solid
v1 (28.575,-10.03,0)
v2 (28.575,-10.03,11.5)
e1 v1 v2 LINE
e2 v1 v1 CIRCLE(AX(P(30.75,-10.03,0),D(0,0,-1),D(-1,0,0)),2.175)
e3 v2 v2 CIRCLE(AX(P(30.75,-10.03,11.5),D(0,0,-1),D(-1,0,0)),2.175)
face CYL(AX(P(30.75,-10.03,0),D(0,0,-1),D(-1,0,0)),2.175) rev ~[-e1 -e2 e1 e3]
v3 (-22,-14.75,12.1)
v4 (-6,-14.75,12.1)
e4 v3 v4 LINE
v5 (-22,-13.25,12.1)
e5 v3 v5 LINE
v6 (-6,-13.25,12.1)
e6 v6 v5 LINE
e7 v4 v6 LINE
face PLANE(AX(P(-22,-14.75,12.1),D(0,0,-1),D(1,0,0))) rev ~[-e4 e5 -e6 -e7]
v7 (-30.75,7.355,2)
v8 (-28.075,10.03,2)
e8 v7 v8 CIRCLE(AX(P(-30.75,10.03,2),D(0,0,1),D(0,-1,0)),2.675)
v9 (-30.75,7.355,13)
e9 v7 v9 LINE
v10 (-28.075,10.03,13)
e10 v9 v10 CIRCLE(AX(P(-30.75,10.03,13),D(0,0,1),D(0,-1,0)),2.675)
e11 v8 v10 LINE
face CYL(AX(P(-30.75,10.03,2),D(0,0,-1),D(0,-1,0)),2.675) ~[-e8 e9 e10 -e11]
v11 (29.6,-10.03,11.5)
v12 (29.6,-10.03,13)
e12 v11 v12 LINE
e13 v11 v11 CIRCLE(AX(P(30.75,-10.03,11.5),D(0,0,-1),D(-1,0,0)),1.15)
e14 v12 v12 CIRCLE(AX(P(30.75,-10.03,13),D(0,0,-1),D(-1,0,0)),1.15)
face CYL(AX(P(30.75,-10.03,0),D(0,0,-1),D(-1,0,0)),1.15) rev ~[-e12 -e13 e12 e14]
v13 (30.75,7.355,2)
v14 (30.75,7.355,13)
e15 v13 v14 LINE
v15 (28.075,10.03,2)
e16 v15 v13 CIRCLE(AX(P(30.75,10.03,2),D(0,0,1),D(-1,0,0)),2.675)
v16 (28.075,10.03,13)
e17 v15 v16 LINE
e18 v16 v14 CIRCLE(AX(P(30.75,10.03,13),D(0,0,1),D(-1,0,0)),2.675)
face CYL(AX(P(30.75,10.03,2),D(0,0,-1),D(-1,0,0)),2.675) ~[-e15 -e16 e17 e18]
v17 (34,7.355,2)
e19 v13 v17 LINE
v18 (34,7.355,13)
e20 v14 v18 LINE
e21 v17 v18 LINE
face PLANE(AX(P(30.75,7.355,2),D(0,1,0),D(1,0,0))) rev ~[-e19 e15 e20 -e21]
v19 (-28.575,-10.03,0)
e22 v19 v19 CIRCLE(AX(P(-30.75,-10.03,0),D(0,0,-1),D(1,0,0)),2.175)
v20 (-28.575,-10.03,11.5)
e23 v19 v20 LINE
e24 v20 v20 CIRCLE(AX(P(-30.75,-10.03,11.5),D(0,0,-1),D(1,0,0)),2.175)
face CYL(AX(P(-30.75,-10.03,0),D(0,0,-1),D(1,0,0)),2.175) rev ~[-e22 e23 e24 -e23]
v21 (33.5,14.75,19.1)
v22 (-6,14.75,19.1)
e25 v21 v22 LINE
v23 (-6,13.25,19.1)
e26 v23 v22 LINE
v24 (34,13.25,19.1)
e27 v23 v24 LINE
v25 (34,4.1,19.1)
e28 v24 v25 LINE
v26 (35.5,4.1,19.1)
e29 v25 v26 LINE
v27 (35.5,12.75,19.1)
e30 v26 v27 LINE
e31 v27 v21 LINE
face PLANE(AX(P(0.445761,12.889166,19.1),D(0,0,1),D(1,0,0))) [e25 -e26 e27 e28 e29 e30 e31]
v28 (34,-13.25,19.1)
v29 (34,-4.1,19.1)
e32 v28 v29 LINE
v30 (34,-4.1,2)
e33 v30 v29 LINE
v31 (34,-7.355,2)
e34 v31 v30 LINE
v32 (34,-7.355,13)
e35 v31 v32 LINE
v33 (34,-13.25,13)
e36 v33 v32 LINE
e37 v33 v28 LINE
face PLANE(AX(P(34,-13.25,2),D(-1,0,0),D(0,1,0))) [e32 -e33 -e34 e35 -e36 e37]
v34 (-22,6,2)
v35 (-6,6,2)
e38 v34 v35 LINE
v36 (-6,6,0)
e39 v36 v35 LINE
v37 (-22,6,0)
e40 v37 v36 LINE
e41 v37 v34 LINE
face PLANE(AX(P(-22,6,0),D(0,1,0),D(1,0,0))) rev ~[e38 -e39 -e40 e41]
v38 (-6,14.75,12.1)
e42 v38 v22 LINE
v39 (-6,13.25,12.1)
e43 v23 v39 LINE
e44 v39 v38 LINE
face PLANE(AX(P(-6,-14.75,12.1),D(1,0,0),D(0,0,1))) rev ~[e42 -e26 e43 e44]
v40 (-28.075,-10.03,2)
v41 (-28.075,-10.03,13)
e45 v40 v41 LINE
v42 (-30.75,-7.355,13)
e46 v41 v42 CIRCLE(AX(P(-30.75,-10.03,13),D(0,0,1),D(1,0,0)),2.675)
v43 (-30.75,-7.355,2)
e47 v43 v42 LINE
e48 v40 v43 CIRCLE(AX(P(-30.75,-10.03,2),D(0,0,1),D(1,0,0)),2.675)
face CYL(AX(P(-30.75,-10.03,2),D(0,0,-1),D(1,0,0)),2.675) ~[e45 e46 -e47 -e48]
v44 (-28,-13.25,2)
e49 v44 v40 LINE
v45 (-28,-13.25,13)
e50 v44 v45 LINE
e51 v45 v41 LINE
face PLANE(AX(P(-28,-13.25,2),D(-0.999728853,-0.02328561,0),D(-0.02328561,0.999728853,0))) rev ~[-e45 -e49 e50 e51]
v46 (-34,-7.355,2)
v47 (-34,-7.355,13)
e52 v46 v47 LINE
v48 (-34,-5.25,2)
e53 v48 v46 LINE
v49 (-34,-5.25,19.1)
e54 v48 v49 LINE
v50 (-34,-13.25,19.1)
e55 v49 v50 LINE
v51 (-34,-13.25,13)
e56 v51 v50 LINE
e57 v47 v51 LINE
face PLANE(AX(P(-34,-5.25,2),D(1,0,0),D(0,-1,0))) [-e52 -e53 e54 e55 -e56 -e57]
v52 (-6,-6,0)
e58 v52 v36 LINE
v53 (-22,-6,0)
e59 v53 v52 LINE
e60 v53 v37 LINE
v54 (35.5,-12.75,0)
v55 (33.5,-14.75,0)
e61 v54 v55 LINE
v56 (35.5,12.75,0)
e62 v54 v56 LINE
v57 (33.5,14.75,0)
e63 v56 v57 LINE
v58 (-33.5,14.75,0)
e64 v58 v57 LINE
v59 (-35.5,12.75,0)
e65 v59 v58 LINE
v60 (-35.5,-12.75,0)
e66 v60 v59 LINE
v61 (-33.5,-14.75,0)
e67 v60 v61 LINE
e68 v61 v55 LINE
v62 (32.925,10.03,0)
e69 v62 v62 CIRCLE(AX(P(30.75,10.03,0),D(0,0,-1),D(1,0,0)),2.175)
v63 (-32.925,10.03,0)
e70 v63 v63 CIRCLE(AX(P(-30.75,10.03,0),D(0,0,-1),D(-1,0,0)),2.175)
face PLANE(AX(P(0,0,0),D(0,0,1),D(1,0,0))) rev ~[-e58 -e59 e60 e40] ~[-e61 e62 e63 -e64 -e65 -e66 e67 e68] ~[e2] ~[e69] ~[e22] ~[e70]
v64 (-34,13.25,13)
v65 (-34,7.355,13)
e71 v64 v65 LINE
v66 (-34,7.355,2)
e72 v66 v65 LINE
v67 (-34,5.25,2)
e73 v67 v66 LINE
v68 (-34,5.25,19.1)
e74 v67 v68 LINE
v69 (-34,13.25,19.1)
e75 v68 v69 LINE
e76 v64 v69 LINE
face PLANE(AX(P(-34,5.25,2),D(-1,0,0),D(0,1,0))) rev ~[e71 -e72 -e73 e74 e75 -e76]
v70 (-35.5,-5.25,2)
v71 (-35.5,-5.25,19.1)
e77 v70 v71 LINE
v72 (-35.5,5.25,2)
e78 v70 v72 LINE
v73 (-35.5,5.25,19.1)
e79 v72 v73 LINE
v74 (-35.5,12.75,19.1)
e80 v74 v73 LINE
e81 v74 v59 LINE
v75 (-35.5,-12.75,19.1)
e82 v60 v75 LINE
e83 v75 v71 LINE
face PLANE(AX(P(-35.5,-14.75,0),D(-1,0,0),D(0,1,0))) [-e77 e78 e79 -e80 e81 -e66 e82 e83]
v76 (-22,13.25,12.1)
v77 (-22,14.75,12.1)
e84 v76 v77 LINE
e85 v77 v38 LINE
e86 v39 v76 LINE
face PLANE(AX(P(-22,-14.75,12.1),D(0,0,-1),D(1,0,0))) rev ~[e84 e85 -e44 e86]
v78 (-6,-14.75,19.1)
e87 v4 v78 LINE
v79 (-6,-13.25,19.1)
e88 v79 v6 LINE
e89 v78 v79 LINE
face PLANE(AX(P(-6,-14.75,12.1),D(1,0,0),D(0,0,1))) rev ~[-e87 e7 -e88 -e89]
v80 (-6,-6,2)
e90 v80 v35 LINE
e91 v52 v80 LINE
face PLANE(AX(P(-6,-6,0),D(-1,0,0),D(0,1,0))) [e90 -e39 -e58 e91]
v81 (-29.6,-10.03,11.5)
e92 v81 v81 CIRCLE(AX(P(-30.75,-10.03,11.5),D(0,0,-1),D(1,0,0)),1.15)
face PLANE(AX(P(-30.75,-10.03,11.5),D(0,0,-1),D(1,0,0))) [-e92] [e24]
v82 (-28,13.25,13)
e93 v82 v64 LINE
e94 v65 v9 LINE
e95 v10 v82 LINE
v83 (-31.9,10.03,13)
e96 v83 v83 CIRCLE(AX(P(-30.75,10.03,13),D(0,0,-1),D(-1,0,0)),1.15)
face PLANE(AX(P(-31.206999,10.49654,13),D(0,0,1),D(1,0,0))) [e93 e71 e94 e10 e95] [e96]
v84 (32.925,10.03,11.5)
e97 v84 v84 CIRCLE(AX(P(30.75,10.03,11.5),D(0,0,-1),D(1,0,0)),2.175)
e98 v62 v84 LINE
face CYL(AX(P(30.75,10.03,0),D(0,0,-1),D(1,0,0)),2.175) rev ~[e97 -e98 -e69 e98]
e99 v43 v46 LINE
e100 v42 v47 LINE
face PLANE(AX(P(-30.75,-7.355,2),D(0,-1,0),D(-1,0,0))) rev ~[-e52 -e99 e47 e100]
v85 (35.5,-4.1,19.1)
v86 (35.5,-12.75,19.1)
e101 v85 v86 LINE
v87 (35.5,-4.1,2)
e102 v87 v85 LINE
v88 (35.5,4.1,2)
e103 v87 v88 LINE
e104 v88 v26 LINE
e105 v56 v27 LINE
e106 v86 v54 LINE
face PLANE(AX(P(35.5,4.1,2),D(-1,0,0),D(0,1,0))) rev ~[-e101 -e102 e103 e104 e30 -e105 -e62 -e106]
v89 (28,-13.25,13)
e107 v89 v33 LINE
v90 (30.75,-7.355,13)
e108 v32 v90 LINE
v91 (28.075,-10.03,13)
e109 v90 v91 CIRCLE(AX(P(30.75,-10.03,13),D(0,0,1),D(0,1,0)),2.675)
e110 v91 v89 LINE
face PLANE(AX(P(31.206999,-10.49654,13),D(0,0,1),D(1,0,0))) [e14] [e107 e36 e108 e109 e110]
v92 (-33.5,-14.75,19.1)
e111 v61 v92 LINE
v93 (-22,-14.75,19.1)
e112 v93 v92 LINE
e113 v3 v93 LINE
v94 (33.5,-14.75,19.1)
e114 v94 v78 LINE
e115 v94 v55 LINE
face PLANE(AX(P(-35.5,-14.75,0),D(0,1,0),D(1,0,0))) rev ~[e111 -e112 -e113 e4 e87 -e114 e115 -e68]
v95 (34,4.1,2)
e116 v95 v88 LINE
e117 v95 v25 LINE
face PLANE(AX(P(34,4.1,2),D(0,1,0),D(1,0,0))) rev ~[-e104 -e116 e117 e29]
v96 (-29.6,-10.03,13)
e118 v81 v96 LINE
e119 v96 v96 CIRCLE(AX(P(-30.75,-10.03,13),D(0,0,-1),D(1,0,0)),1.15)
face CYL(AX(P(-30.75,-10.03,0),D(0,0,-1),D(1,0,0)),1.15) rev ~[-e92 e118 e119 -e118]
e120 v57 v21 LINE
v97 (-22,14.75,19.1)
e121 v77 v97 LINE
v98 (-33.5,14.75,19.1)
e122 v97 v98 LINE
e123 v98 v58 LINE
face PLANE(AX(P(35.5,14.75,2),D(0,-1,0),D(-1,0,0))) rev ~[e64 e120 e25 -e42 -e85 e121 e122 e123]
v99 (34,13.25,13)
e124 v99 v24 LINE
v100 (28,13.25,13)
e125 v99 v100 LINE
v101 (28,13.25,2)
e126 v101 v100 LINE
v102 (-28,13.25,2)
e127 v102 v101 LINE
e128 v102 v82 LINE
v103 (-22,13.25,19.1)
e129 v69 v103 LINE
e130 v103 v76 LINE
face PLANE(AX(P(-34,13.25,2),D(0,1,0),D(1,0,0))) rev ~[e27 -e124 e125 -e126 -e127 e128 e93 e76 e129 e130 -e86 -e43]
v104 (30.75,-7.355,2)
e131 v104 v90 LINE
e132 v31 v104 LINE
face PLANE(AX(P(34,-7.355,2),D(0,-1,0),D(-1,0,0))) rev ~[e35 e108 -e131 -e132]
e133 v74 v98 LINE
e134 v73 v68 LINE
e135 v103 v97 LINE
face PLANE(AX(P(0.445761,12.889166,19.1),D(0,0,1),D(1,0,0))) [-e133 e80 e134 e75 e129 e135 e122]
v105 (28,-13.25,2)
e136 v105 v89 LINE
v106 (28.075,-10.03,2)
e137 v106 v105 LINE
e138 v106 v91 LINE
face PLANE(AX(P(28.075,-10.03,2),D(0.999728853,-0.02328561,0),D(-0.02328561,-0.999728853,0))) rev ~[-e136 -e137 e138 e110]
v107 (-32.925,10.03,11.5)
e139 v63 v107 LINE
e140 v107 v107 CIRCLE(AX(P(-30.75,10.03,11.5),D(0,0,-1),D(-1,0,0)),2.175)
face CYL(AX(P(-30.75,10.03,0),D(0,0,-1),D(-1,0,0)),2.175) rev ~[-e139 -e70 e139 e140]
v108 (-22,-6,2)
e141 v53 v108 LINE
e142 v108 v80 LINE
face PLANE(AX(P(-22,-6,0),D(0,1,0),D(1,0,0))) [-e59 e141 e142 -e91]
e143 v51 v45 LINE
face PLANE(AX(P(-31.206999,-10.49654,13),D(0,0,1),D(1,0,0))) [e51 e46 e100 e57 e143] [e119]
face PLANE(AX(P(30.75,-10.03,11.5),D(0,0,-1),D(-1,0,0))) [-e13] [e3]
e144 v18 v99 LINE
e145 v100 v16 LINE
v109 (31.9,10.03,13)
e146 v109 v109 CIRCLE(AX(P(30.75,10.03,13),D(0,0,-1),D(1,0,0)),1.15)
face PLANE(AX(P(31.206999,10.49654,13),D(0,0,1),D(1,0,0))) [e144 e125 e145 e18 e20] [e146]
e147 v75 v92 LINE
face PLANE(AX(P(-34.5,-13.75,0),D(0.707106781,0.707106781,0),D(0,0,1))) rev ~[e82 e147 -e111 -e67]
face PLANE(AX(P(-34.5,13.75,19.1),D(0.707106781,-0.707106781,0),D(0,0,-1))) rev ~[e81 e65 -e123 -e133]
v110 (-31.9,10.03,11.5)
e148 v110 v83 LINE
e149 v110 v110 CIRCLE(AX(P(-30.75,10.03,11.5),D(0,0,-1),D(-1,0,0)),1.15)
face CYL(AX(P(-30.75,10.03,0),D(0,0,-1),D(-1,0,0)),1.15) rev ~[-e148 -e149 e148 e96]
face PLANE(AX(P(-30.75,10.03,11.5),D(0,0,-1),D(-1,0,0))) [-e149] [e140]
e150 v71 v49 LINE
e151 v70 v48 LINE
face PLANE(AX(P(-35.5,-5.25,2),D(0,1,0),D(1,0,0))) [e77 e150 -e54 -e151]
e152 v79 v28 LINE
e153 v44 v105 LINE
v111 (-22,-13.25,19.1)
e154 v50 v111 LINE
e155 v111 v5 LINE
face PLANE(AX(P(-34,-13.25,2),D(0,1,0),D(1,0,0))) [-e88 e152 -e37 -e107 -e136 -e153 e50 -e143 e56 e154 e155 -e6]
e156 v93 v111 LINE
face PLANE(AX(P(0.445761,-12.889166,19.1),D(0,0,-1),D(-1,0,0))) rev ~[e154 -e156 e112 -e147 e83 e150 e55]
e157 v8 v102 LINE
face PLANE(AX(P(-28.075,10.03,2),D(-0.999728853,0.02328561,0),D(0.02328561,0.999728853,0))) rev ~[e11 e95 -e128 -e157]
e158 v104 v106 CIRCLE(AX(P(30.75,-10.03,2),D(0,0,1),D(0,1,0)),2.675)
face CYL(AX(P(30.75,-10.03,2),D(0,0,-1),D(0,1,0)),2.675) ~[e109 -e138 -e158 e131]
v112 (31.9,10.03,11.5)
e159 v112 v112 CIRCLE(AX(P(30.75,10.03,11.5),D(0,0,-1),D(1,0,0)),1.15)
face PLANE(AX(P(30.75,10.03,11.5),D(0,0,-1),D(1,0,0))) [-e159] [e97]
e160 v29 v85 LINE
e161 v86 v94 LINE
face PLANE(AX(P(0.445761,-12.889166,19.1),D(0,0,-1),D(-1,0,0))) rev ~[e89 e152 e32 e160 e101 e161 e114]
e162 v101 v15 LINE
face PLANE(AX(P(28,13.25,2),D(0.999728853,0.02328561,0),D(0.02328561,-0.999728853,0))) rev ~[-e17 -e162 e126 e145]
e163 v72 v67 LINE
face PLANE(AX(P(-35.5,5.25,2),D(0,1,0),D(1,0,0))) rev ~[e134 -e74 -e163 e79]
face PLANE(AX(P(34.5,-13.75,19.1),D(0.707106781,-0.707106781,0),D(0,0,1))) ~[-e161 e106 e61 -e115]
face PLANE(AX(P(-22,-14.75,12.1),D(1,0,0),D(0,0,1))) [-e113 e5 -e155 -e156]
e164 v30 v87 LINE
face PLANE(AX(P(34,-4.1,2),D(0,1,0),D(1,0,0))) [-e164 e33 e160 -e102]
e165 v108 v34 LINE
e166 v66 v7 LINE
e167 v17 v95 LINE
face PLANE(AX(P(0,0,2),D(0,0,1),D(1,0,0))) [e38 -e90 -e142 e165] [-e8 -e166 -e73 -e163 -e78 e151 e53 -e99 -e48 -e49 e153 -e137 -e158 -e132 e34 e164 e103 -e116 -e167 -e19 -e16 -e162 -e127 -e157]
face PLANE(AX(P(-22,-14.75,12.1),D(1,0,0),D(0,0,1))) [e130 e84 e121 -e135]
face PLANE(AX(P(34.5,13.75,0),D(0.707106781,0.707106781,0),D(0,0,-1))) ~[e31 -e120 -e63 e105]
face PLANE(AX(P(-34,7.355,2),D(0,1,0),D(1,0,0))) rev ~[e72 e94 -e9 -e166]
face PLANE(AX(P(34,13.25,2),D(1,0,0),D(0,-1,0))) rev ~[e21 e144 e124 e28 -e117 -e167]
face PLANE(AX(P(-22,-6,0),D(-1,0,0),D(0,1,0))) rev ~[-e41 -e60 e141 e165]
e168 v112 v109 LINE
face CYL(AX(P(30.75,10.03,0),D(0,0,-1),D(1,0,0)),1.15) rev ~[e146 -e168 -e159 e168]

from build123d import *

# Parameters (mm, degrees)
SKETCH1_W           = 71
SKETCH1_H           = 29.5
SKETCH1_W_2         = 16
SKETCH1_H_2         = 12
BOSS_EXTRUDE2_DEPTH = 2
BOSS_EXTRUDE3_DEPTH = 17.1
SKETCH3_W           = 16
SKETCH3_H           = 7
CUT_EXTRUDE1_DEPTH  = 50.953077983
CHAMFER1_SIZE       = 2
BOSS_EXTRUDE4_DEPTH = 11
SKETCH8_R           = 1.15
CUT_EXTRUDE3_DEPTH  = 43.925778968
SKETCH9_R           = 2.175
CUT_EXTRUDE4_DEPTH  = 11.5


with BuildPart() as part:
    # Sketch1 → Boss-Extrude2 (new body)
    with BuildSketch(Plane.XY):
        Rectangle(SKETCH1_W, SKETCH1_H)
        with Locations((-14, 0)):
            Rectangle(SKETCH1_W_2, SKETCH1_H_2, mode=Mode.SUBTRACT)
    extrude(amount=BOSS_EXTRUDE2_DEPTH)

    # Sketch2 → Boss-Extrude3 (add)
    with BuildSketch(Plane.XY.offset(2)):
        Polygon((34, 13.25), (34, 4.1), (35.5, 4.1), (35.5, 14.75), (-35.5, 14.75), (-35.5, 5.25), (-34, 5.25), (-34, 13.25), align=None)
        Polygon((-34, -13.25), (34, -13.25), (34, -4.1), (35.5, -4.1), (35.5, -14.75), (-35.5, -14.75), (-35.5, -5.25), (-34, -5.25), align=None)
    extrude(amount=BOSS_EXTRUDE3_DEPTH)

    # Sketch3 → Cut-Extrude1 (cut, through all)
    with BuildSketch(Plane.XZ.offset(14.75)):
        with Locations((-14, 15.6)):
            Rectangle(SKETCH3_W, SKETCH3_H)
    extrude(amount=-CUT_EXTRUDE1_DEPTH, mode=Mode.SUBTRACT)

    # Chamfer1
    chamfer1_edges = [part.edges().sort_by_distance(p)[0] for p in [
        (-35.5, 14.75, 9.55),
        (35.5, 14.75, 9.55),
        (35.5, -14.75, 9.55),
        (-35.5, -14.75, 9.55),
    ]]
    chamfer(chamfer1_edges, length=CHAMFER1_SIZE)

    # Sketch7 → Boss-Extrude4 (add)
    with BuildSketch(Plane.XY.offset(2)):
        with BuildLine():
            Line((-34, 13.25), (-34, 7.355))
            Line((-34, 7.355), (-30.75, 7.355))
            ThreePointArc((-30.75, 7.355), (-28.85848936, 8.13848936), (-28.075, 10.03))
            Line((-28.075, 10.03), (-28, 13.25))
            Line((-28, 13.25), (-34, 13.25))
        make_face()
        with BuildLine():
            Line((34, 13.25), (28, 13.25))
            Line((28, 13.25), (28.075, 10.03))
            ThreePointArc((28.075, 10.03), (28.85848936, 8.13848936), (30.75, 7.355))
            Line((30.75, 7.355), (34, 7.355))
            Line((34, 7.355), (34, 13.25))
        make_face()
        with BuildLine():
            Line((-34, -13.25), (-28, -13.25))
            Line((-28, -13.25), (-28.075, -10.03))
            ThreePointArc((-28.075, -10.03), (-28.85848936, -8.13848936), (-30.75, -7.355))
            Line((-30.75, -7.355), (-34, -7.355))
            Line((-34, -7.355), (-34, -13.25))
        make_face()
        with BuildLine():
            Line((34, -13.25), (34, -7.355))
            Line((34, -7.355), (30.75, -7.355))
            ThreePointArc((30.75, -7.355), (28.85848936, -8.13848936), (28.075, -10.03))
            Line((28.075, -10.03), (28, -13.25))
            Line((28, -13.25), (34, -13.25))
        make_face()
    extrude(amount=BOSS_EXTRUDE4_DEPTH)

    # Sketch8 → Cut-Extrude3 (cut, through all)
    with BuildSketch(Plane(origin=(0, 0, 0), x_dir=(-1, 0, 0), z_dir=(0, 0, -1))):
        with Locations((30.75, 10.03)):
            Circle(SKETCH8_R)
        with Locations(Location((-30.75, 10.03, 0), (0, 0, 180))):
            Circle(SKETCH8_R)
        with Locations((-30.75, -10.03)):
            Circle(SKETCH8_R)
        with Locations(Location((30.75, -10.03, 0), (0, 0, 180))):
            Circle(SKETCH8_R)
    extrude(amount=-CUT_EXTRUDE3_DEPTH, mode=Mode.SUBTRACT)

    # Sketch9 → Cut-Extrude4 (cut)
    with BuildSketch(Plane(origin=(0, 0, 0), x_dir=(-1, 0, 0), z_dir=(0, 0, -1))):
        with Locations((30.75, 10.03)):
            Circle(SKETCH9_R)
        with Locations(Location((-30.75, 10.03, 0), (0, 0, 180))):
            Circle(SKETCH9_R)
        with Locations((-30.75, -10.03)):
            Circle(SKETCH9_R)
        with Locations(Location((30.75, -10.03, 0), (0, 0, 180))):
            Circle(SKETCH9_R)
    extrude(amount=-CUT_EXTRUDE4_DEPTH, mode=Mode.SUBTRACT)


solid = part.part
